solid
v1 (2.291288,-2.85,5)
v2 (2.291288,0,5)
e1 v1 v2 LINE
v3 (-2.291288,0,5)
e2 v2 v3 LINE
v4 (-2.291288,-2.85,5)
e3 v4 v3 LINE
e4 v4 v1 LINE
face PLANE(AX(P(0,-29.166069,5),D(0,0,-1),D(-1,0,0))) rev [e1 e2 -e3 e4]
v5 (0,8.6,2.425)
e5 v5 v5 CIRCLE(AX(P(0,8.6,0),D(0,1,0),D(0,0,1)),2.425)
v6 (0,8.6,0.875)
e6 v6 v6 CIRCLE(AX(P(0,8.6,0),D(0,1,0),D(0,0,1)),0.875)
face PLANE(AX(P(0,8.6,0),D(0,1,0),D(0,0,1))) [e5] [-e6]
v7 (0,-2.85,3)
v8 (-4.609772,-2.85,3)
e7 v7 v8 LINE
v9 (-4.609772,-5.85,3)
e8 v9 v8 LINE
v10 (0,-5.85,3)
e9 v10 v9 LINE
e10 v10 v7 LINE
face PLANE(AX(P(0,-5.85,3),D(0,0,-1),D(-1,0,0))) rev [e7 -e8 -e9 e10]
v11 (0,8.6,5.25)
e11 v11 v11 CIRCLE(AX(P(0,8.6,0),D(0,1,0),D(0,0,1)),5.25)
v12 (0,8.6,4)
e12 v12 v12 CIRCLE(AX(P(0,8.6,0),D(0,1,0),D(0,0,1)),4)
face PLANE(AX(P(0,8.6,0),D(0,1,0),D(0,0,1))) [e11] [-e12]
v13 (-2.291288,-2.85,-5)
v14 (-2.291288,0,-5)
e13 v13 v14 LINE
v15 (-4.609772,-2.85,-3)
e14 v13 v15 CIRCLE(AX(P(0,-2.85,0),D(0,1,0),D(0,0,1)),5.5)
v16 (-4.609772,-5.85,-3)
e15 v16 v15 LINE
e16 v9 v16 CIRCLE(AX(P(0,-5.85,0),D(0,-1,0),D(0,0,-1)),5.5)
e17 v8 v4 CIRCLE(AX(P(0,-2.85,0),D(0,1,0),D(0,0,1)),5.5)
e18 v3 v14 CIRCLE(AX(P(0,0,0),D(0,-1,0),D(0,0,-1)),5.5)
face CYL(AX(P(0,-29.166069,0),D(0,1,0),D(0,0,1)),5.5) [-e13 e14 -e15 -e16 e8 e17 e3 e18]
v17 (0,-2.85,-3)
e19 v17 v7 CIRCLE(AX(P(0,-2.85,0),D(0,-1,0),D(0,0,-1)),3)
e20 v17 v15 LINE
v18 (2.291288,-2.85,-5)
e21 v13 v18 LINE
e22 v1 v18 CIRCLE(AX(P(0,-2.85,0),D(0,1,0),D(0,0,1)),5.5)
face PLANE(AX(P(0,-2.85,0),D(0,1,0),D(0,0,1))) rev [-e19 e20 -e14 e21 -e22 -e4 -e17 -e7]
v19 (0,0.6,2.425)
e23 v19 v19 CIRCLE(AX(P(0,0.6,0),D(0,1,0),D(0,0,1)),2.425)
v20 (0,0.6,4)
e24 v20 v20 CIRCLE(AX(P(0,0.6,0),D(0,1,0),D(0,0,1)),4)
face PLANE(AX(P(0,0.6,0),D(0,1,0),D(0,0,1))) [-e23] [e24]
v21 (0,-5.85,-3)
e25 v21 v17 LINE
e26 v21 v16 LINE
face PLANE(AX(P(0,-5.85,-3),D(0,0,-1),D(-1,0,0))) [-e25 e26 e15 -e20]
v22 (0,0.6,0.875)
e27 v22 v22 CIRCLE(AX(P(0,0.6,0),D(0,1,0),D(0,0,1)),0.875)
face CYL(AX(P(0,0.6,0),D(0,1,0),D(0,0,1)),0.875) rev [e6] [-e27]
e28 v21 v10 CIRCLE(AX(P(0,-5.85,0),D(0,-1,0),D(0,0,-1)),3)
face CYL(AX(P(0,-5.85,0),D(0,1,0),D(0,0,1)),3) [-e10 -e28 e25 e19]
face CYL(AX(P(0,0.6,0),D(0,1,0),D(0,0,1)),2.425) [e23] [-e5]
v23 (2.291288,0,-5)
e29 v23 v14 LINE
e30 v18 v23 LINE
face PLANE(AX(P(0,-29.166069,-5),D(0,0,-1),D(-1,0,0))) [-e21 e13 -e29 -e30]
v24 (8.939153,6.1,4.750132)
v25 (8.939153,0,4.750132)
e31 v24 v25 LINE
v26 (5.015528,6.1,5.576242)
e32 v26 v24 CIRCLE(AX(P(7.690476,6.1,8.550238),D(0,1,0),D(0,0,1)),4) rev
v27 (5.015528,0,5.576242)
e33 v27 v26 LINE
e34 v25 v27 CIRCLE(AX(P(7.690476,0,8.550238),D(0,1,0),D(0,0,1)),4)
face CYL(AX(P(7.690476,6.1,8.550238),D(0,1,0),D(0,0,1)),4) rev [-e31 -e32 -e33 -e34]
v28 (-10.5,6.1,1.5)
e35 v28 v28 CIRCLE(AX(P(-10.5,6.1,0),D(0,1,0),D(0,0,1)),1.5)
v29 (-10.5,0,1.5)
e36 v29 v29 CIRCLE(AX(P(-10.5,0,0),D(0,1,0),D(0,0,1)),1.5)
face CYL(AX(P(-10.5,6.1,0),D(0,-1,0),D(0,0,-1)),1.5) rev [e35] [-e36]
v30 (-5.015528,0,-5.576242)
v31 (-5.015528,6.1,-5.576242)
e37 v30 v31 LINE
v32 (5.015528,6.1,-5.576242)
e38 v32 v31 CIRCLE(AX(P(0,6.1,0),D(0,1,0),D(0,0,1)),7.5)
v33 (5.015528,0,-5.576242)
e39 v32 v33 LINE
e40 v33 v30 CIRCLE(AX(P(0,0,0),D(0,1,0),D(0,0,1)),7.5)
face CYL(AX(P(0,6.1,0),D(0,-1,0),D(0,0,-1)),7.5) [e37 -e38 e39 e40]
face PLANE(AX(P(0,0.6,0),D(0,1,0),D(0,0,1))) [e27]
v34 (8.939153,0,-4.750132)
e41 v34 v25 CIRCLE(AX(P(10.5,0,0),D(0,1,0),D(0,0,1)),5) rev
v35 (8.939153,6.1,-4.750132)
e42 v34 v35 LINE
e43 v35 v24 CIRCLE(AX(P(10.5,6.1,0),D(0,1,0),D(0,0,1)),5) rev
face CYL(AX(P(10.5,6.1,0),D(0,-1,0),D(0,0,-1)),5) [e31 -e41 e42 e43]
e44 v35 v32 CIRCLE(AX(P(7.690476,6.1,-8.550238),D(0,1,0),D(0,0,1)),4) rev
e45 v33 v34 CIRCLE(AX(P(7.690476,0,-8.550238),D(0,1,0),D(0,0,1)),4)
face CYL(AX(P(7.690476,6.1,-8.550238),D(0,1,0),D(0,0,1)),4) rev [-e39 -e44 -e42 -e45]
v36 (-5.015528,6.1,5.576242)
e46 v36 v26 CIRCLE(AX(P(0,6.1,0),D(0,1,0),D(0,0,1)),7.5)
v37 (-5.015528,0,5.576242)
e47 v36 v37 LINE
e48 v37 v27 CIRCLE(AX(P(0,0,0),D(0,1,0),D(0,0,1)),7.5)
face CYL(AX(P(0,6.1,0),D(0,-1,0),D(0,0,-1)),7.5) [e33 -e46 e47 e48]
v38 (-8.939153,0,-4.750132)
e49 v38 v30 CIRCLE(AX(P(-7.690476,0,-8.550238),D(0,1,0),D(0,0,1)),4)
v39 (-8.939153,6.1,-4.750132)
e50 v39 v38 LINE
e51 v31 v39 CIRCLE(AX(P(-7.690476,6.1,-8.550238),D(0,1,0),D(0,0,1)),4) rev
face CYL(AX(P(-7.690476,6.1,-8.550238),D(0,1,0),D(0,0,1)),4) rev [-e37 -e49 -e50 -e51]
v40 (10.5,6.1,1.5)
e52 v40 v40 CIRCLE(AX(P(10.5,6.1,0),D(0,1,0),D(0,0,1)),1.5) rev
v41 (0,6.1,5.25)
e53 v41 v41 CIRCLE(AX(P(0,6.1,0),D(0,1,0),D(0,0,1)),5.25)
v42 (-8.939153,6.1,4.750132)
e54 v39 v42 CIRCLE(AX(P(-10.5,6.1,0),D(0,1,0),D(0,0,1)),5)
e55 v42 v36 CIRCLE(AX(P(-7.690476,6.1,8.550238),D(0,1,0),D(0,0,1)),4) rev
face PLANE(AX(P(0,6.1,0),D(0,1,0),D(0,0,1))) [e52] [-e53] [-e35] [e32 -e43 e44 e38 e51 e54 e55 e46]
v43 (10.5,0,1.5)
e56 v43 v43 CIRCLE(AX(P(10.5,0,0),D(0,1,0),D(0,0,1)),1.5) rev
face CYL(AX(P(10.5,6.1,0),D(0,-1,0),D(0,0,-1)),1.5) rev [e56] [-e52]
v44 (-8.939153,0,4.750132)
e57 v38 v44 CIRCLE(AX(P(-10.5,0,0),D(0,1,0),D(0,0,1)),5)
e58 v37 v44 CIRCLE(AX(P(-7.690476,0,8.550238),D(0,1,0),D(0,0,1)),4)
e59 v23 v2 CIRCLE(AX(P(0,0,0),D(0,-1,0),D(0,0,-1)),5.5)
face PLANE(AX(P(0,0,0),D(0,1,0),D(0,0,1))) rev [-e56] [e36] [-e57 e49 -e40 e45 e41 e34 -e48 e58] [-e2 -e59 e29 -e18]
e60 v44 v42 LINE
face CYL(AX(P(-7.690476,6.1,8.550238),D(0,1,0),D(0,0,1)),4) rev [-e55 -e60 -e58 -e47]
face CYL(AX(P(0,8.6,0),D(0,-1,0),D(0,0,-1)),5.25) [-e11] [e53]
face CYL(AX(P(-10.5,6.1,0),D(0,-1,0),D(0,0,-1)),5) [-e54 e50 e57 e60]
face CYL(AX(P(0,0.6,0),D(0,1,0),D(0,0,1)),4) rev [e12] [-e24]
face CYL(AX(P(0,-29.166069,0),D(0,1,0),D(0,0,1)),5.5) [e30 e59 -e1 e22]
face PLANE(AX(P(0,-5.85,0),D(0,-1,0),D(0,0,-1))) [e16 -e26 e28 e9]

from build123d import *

# Parameters (mm, degrees)
SKETCH1_R           = 7.5
SKETCH1_R_2         = 5
SKETCH1_R_3         = 1.5
BOSS_EXTRUDE1_DEPTH = 6.1
SKETCH2_R           = 5.25
BOSS_EXTRUDE2_DEPTH = 2.5
BOSS_EXTRUDE3_DEPTH = 2.85
SKETCH3_R           = 4
SKETCH3_R_2         = 2.425
SKETCH3_R_3         = 0.875
CUT_EXTRUDE1_DEPTH  = 8
FILLET1_R           = 4
SKETCH5_R           = 3
BOSS_EXTRUDE4_DEPTH = 3


with BuildPart() as part:
    # Sketch1 → Boss-Extrude1 (new body)
    with BuildSketch(Plane(origin=(0, 0, 0), x_dir=(1, 0, 0), z_dir=(0, 1, 0))):
        Circle(SKETCH1_R)
        with Locations((-10.5, 0)):
            Circle(SKETCH1_R_2)
        with Locations((-10.5, 0)):
            Circle(SKETCH1_R_3, mode=Mode.SUBTRACT)
        with Locations((10.5, 0)):
            Circle(SKETCH1_R_2)
        with Locations((10.5, 0)):
            Circle(SKETCH1_R_3, mode=Mode.SUBTRACT)
    extrude(amount=BOSS_EXTRUDE1_DEPTH)

    # Sketch2 → Boss-Extrude2 (add)
    with BuildSketch(Plane(origin=(0, 6.1, 0), x_dir=(1, 0, 0), z_dir=(0, 1, 0))):
        Circle(SKETCH2_R)
    extrude(amount=BOSS_EXTRUDE2_DEPTH)

    # Sketch4 → Boss-Extrude3 (add)
    with BuildSketch(Plane.XZ):
        with BuildLine():
            Line((-2.291287847, -5), (2.291287847, -5))
            ThreePointArc((2.291287847, -5), (4.628827236, -2.970514841), (5.5, 0))
            ThreePointArc((5.5, 0), (4.628827236, 2.970514841), (2.291287847, 5))
            Line((2.291287847, 5), (-2.291287847, 5))
            ThreePointArc((-2.291287847, 5), (-4.628827236, 2.970514841), (-5.5, 0))
            ThreePointArc((-5.5, 0), (-4.628827236, -2.970514841), (-2.291287847, -5))
        make_face()
    extrude(amount=BOSS_EXTRUDE3_DEPTH)

    # Sketch3 → Cut-Extrude1 (cut)
    with BuildSketch(Plane(origin=(0, 8.6, 0), x_dir=(1, 0, 0), z_dir=(0, 1, 0))):
        Circle(SKETCH3_R)
        Circle(SKETCH3_R_2, mode=Mode.SUBTRACT)
        Circle(SKETCH3_R_3)
    extrude(amount=-CUT_EXTRUDE1_DEPTH, mode=Mode.SUBTRACT)

    # Fillet1
    fillet1_edges = [part.edges().sort_by_distance(p)[0] for p in [
        (-6.738095238, 3.05, -3.293641232),
        (6.738095238, 3.05, -3.293641232),
        (6.738095238, 3.05, 3.293641232),
        (-6.738095238, 3.05, 3.293641232),
    ]]
    fillet(fillet1_edges, radius=FILLET1_R)

    # Sketch5 → Boss-Extrude4 (add)
    with BuildSketch(Plane.XZ.offset(2.85)):
        Circle(SKETCH5_R)
        with BuildLine():
            ThreePointArc((0, -3), (-3, 0), (0, 3))
            Line((0, 3), (-4.609772229, 3))
            ThreePointArc((-4.609772229, 3), (-5.5, 0), (-4.609772229, -3))
            Line((-4.609772229, -3), (0, -3))
        make_face()
    extrude(amount=BOSS_EXTRUDE4_DEPTH)


solid = part.part
